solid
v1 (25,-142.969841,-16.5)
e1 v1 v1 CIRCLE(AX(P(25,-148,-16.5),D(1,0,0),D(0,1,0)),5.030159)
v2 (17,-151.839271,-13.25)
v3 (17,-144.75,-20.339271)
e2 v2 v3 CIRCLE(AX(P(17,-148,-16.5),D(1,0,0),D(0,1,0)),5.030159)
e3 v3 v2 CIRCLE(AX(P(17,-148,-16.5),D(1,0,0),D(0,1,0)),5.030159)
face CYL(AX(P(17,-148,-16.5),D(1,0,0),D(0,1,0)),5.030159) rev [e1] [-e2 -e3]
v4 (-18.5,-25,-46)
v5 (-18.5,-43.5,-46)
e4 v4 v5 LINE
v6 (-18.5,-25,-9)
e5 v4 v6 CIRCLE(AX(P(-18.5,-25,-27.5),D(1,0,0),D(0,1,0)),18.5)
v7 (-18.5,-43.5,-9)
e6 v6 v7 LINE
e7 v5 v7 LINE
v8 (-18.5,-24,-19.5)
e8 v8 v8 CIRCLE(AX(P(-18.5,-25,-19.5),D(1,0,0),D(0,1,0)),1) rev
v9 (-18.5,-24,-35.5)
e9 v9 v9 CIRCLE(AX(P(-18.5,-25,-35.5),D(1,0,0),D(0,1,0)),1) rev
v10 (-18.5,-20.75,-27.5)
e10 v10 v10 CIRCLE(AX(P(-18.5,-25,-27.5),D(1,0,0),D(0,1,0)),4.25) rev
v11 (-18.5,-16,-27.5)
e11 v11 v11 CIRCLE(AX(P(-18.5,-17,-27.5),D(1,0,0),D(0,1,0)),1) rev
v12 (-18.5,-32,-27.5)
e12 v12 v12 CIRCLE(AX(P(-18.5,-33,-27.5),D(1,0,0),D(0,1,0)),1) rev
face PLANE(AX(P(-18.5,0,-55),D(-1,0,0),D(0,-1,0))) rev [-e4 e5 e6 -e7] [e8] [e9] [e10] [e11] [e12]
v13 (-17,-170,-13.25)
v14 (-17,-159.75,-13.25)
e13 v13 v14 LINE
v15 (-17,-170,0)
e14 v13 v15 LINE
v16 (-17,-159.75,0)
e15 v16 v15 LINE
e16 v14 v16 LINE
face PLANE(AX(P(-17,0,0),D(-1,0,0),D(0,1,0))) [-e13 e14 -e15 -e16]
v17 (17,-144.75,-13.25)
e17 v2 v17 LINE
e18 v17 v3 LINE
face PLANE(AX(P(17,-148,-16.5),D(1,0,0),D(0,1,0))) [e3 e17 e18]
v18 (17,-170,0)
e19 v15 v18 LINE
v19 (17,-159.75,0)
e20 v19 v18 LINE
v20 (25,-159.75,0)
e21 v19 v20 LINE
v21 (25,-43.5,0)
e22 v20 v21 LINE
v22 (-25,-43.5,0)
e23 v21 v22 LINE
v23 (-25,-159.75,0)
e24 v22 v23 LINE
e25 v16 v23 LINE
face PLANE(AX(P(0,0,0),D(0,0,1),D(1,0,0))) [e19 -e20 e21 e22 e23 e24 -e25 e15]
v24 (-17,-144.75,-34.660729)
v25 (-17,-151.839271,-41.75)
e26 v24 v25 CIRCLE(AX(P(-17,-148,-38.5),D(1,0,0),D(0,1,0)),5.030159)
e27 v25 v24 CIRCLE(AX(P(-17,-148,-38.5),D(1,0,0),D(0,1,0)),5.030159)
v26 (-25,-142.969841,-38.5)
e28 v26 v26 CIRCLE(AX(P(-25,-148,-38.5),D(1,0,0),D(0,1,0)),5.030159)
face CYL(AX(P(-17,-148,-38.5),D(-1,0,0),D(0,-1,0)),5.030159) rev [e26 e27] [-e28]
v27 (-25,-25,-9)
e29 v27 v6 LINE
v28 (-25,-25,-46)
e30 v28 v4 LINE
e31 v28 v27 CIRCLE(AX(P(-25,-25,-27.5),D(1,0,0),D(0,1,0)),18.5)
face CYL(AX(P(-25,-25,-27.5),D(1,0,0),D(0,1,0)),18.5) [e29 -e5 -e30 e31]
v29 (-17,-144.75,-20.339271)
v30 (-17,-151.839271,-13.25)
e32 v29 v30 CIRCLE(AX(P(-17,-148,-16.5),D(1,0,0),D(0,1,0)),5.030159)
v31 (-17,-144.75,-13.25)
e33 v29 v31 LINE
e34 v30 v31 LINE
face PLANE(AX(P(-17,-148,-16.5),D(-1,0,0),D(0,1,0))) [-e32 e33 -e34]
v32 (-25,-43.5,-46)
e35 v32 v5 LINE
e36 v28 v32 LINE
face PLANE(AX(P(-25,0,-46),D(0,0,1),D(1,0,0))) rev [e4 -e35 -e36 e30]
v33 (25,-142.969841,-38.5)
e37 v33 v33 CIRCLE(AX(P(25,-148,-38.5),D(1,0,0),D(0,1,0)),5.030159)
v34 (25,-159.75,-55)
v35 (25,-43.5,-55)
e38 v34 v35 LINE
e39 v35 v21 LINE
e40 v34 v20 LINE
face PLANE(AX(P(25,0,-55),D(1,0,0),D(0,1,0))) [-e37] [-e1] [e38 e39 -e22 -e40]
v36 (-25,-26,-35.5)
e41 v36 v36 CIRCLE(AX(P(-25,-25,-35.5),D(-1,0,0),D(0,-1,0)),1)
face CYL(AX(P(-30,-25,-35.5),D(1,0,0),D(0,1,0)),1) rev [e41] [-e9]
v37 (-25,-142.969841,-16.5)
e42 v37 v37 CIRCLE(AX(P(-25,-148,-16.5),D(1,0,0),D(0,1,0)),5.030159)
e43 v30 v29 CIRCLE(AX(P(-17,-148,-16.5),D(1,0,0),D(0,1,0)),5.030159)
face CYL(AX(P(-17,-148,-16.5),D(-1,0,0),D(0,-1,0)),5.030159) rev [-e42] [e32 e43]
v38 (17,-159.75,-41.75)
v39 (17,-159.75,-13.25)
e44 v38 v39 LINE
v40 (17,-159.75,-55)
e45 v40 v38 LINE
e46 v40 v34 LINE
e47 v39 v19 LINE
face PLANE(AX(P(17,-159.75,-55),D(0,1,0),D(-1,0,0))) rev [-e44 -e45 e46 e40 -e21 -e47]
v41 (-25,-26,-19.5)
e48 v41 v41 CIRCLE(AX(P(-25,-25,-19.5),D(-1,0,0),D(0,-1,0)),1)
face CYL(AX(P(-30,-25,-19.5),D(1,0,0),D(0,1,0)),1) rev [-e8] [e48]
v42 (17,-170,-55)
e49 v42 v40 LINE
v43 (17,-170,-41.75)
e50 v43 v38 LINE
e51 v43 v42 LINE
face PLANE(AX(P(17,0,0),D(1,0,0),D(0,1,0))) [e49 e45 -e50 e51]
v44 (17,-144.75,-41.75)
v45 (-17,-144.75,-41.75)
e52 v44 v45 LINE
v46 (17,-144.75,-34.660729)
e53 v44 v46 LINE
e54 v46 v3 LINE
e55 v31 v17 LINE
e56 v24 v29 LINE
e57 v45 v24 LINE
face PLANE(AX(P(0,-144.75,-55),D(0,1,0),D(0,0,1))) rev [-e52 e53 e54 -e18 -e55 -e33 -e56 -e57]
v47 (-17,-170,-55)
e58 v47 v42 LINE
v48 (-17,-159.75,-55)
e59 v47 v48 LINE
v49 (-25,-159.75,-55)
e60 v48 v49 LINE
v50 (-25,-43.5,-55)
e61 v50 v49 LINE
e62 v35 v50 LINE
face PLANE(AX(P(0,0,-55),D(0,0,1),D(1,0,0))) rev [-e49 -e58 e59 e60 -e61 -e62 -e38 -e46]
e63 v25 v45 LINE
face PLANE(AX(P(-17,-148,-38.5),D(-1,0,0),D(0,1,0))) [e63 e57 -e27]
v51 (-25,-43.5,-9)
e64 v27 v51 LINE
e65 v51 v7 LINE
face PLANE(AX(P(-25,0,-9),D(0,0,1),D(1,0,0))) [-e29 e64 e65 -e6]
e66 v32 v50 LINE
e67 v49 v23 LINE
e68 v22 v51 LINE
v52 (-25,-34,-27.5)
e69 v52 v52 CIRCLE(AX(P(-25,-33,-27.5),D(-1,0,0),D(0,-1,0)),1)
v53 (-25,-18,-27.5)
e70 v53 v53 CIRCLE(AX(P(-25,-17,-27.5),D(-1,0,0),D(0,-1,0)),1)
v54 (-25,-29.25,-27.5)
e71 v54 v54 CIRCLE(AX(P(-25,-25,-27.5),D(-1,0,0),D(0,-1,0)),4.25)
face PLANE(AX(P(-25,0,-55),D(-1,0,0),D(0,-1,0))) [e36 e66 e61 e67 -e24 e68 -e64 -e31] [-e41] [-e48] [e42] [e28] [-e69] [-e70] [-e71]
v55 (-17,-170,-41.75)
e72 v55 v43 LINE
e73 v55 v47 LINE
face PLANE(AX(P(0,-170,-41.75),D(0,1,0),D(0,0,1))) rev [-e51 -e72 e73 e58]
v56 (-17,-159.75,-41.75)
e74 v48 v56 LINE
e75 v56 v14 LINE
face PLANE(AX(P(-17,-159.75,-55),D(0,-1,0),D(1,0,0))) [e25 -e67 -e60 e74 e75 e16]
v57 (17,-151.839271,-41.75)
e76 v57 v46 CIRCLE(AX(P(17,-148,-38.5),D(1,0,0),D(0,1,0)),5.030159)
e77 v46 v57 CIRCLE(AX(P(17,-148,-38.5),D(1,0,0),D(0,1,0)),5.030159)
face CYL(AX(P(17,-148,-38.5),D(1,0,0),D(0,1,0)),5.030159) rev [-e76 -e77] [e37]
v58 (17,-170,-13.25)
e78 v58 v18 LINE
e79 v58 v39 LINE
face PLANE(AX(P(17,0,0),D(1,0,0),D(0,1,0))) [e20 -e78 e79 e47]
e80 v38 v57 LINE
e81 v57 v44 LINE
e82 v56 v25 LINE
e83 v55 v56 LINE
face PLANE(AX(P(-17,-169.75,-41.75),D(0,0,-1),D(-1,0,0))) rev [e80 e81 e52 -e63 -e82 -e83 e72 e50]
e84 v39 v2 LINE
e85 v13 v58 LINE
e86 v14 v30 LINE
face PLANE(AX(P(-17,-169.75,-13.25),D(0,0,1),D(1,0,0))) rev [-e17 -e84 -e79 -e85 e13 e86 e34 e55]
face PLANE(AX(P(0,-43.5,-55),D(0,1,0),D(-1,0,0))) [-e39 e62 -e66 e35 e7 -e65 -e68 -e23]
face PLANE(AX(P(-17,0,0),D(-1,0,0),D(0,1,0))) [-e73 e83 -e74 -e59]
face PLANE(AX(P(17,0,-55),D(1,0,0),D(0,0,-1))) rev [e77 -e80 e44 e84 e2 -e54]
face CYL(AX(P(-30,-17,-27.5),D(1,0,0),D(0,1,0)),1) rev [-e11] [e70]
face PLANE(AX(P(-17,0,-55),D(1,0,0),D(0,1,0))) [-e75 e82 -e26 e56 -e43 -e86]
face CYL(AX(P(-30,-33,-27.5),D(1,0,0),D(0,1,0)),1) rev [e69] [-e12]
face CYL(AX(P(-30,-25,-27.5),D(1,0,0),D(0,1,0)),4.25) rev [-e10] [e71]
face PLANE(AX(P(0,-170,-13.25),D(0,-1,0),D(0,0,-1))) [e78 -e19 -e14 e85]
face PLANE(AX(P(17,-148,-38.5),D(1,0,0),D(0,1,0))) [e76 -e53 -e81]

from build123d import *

# Parameters (mm, degrees)
SKETCH1_W               = 50
SKETCH1_H               = 150
BOSS_EXTRUDE1_DEPTH     = 55
CUT_EXTRUDE1_DEPTH      = 168.406690428
CUT_EXTRUDE1_DEPTH_BACK = 45
SKETCH2_R               = 10.25
SKETCH7_R               = 1
SKETCH7_R_2             = 4.25
CUT_EXTRUDE3_DEPTH      = 10
SKETCH8_W               = 55
SKETCH8_H               = 55
SKETCH8_R               = 10.25
BOSS_EXTRUDE2_DEPTH     = 50
SKETCH10_W              = 8
SKETCH10_H              = 10.25
SKETCH10_W_2            = 17
SKETCH10_H_2            = 1
SKETCH10_W_3            = 34
SKETCH10_H_3            = 20
SKETCH10_H_4            = 5
CUT_EXTRUDE4_DEPTH      = 214.717102732
SKETCH11_W              = 34
SKETCH11_H              = 13.25
BOSS_EXTRUDE4_DEPTH     = 25
SKETCH13_W              = 55
SKETCH13_H              = 10
CUT_EXTRUDE5_DEPTH      = 8
SKETCH14_R              = 5.030159043
CUT_EXTRUDE6_DEPTH      = 8
SKETCH15_W              = 34
SKETCH15_H              = 0.25
BOSS_EXTRUDE5_DEPTH     = 13.25
CUT_EXTRUDE7_DEPTH      = 181.416185527
BOSS_EXTRUDE6_START     = 1.5
SKETCH19_R              = 10.25
SKETCH19_R_2            = 1
SKETCH19_R_3            = 4.25
BOSS_EXTRUDE6_DEPTH     = 1.5
CUT_EXTRUDE8_DEPTH      = 184.89467094


with BuildPart() as part:
    # Sketch1 → Boss-Extrude1 (new body)
    with BuildSketch(Plane.XY):
        with Locations((0, -75)):
            Rectangle(SKETCH1_W, SKETCH1_H)
    extrude(amount=-BOSS_EXTRUDE1_DEPTH)

    # Sketch2 → Cut-Extrude1 (cut, two sides: drawn at the far end of the back side and taken through both)
    with BuildSketch(Plane(origin=(25, 0, 0), x_dir=(0, 0, -1), z_dir=(1, 0, 0)).offset(-CUT_EXTRUDE1_DEPTH_BACK)):
        with Locations(Location((27.5, -25, 0), (0, 0, 270))):
            Circle(SKETCH2_R)
    extrude(amount=CUT_EXTRUDE1_DEPTH + CUT_EXTRUDE1_DEPTH_BACK, mode=Mode.SUBTRACT)

    # Sketch7 → Cut-Extrude3 (cut)
    with BuildSketch(Plane(origin=(-20, 0, 0), x_dir=(0, 0, -1), z_dir=(1, 0, 0))):
        with Locations(Location((27.5, -17, 0), (0, 0, 90))):
            Circle(SKETCH7_R)
        with Locations(Location((35.5, -25, 0), (0, 0, 90))):
            Circle(SKETCH7_R)
        with Locations(Location((27.5, -33, 0), (0, 0, 90))):
            Circle(SKETCH7_R)
        with Locations(Location((19.5, -25, 0), (0, 0, 90))):
            Circle(SKETCH7_R)
        with Locations(Location((27.5, -25, 0), (0, 0, 90))):
            Circle(SKETCH7_R_2)
    extrude(amount=-CUT_EXTRUDE3_DEPTH, mode=Mode.SUBTRACT)

    # Sketch8 → Boss-Extrude2 (add)
    with BuildSketch(Plane(origin=(25, 0, 0), x_dir=(0, 0, -1), z_dir=(1, 0, 0))):
        with Locations((27.5, -177.5)):
            Rectangle(SKETCH8_W, SKETCH8_H)
        with Locations(Location((27.5, -180, 0), (0, 0, 90))):
            Circle(SKETCH8_R, mode=Mode.SUBTRACT)
    extrude(amount=-BOSS_EXTRUDE2_DEPTH)

    # Sketch10 → Cut-Extrude4 (cut, through all)
    with BuildSketch(Plane.XY):
        Polygon((-17, -205), (17, -205), (17, -191.25), (0, -191.25), (-17, -191.25), align=None)
        Polygon((-25, -205), (-17, -205), (-17, -191.25), (-17, -190.25), (-25, -190.25), align=None)
        Polygon((17, -191.25), (17, -205), (25, -205), (25, -190.25), (17, -190.25), align=None)
        with Locations((-21, -185.125)):
            Rectangle(SKETCH10_W, SKETCH10_H)
        with Locations((-21, -174.875)):
            Rectangle(SKETCH10_W, SKETCH10_H)
        with Locations((21, -174.875)):
            Rectangle(SKETCH10_W, SKETCH10_H)
        with Locations((21, -185.125)):
            Rectangle(SKETCH10_W, SKETCH10_H)
        with Locations((-8.5, -185.125)):
            Rectangle(SKETCH10_W_2, SKETCH10_H)
        with Locations((8.5, -185.125)):
            Rectangle(SKETCH10_W_2, SKETCH10_H)
        Polygon((0, -180), (17, -180), (17, -169.75), (-17, -169.75), (-17, -180), align=None)
        with Locations((-8.5, -190.75)):
            Rectangle(SKETCH10_W_2, SKETCH10_H_2)
        with Locations((8.5, -190.75)):
            Rectangle(SKETCH10_W_2, SKETCH10_H_2)
        with Locations((0, -154.75)):
            Rectangle(SKETCH10_W_3, SKETCH10_H_3)
        with Locations((0, -167.25)):
            Rectangle(SKETCH10_W_3, SKETCH10_H_4)
    extrude(amount=-CUT_EXTRUDE4_DEPTH, mode=Mode.SUBTRACT)

    # Sketch11 → Boss-Extrude4 (add)
    with BuildSketch(Plane.XZ.offset(144.75)):
        with Locations((0, -6.625)):
            Rectangle(SKETCH11_W, SKETCH11_H)
        with Locations((0, -48.375)):
            Rectangle(SKETCH11_W, SKETCH11_H)
    extrude(amount=BOSS_EXTRUDE4_DEPTH)

    # Sketch13 → Cut-Extrude5 (cut)
    with BuildSketch(Plane(origin=(25, 0, 0), x_dir=(0, 0, -1), z_dir=(1, 0, 0))):
        with Locations((27.5, -164.75)):
            Rectangle(SKETCH13_W, SKETCH13_H)
    cut_extrude5 = extrude(amount=-CUT_EXTRUDE5_DEPTH, mode=Mode.SUBTRACT)

    # Mirror2: Cut-Extrude5 across plane
    add(cut_extrude5.mirror(Plane(origin=(0, 0, 0), x_dir=(0, 0, 1), z_dir=(1, 0, 0))), mode=Mode.SUBTRACT)

    # Sketch14 → Cut-Extrude6 (cut)
    with BuildSketch(Plane(origin=(25, 0, 0), x_dir=(0, 0, -1), z_dir=(1, 0, 0))):
        with Locations(Location((16.5, -148, 0), (0, 0, 90))):
            Circle(SKETCH14_R)
        with Locations(Location((38.5, -148, 0), (0, 0, 90))):
            Circle(SKETCH14_R)
    cut_extrude6 = extrude(amount=-CUT_EXTRUDE6_DEPTH, mode=Mode.SUBTRACT)

    # Mirror3: Cut-Extrude6 across plane
    add(cut_extrude6.mirror(Plane(origin=(0, 0, 0), x_dir=(0, 0, 1), z_dir=(1, 0, 0))), mode=Mode.SUBTRACT)

    # Sketch15 → Boss-Extrude5 (add)
    with BuildSketch(Plane.XY):
        with Locations((0, -169.875)):
            Rectangle(SKETCH15_W, SKETCH15_H)
    boss_extrude5 = extrude(amount=-BOSS_EXTRUDE5_DEPTH)

    # Mirror4: Boss-Extrude5 across plane
    add(boss_extrude5.mirror(Plane.XY.offset(-27.5)))

    # Sketch16 → Cut-Extrude7 (cut, through all)
    with BuildSketch(Plane.XY):
        Polygon((-18.5, 0), (-18.5, -14.75), (-18.5, -35.25), (-18.5, -43.5), (25, -43.5), (25, 0), align=None)
    extrude(amount=-CUT_EXTRUDE7_DEPTH, mode=Mode.SUBTRACT)

    # Sketch19 → Boss-Extrude6 (add)
    with BuildSketch(Plane(origin=(-20, 0, 0), x_dir=(0, 0, -1), z_dir=(1, 0, 0)).offset(BOSS_EXTRUDE6_START)):
        with Locations((27.5, -25)):
            Circle(SKETCH19_R)
        with Locations(Location((27.5, -17, 0), (0, 0, 90))):
            Circle(SKETCH19_R_2, mode=Mode.SUBTRACT)
        with Locations(Location((27.5, -33, 0), (0, 0, 90))):
            Circle(SKETCH19_R_2, mode=Mode.SUBTRACT)
        with Locations(Location((19.5, -25, 0), (0, 0, 90))):
            Circle(SKETCH19_R_2, mode=Mode.SUBTRACT)
        with Locations(Location((35.5, -25, 0), (0, 0, 90))):
            Circle(SKETCH19_R_2, mode=Mode.SUBTRACT)
        with Locations(Location((27.5, -25, 0), (0, 0, 90))):
            Circle(SKETCH19_R_3, mode=Mode.SUBTRACT)
    extrude(amount=-BOSS_EXTRUDE6_DEPTH)

    # Sketch20 → Cut-Extrude8 (cut, through all)
    with BuildSketch(Plane(origin=(-18.5, 0, 0), x_dir=(0, 0, -1), z_dir=(1, 0, 0))):
        with BuildLine():
            Line((0, 0), (0, -43.5))
            Line((0, -43.5), (9, -43.5))
            Line((9, -43.5), (9, -25))
            ThreePointArc((9, -25), (27.5, -6.5), (46, -25))
            Line((46, -25), (46, -43.5))
            Line((46, -43.5), (55, -43.5))
            Line((55, -43.5), (55, 0))
            Line((55, 0), (0, 0))
        make_face()
    extrude(amount=-CUT_EXTRUDE8_DEPTH, mode=Mode.SUBTRACT)


solid = part.part
